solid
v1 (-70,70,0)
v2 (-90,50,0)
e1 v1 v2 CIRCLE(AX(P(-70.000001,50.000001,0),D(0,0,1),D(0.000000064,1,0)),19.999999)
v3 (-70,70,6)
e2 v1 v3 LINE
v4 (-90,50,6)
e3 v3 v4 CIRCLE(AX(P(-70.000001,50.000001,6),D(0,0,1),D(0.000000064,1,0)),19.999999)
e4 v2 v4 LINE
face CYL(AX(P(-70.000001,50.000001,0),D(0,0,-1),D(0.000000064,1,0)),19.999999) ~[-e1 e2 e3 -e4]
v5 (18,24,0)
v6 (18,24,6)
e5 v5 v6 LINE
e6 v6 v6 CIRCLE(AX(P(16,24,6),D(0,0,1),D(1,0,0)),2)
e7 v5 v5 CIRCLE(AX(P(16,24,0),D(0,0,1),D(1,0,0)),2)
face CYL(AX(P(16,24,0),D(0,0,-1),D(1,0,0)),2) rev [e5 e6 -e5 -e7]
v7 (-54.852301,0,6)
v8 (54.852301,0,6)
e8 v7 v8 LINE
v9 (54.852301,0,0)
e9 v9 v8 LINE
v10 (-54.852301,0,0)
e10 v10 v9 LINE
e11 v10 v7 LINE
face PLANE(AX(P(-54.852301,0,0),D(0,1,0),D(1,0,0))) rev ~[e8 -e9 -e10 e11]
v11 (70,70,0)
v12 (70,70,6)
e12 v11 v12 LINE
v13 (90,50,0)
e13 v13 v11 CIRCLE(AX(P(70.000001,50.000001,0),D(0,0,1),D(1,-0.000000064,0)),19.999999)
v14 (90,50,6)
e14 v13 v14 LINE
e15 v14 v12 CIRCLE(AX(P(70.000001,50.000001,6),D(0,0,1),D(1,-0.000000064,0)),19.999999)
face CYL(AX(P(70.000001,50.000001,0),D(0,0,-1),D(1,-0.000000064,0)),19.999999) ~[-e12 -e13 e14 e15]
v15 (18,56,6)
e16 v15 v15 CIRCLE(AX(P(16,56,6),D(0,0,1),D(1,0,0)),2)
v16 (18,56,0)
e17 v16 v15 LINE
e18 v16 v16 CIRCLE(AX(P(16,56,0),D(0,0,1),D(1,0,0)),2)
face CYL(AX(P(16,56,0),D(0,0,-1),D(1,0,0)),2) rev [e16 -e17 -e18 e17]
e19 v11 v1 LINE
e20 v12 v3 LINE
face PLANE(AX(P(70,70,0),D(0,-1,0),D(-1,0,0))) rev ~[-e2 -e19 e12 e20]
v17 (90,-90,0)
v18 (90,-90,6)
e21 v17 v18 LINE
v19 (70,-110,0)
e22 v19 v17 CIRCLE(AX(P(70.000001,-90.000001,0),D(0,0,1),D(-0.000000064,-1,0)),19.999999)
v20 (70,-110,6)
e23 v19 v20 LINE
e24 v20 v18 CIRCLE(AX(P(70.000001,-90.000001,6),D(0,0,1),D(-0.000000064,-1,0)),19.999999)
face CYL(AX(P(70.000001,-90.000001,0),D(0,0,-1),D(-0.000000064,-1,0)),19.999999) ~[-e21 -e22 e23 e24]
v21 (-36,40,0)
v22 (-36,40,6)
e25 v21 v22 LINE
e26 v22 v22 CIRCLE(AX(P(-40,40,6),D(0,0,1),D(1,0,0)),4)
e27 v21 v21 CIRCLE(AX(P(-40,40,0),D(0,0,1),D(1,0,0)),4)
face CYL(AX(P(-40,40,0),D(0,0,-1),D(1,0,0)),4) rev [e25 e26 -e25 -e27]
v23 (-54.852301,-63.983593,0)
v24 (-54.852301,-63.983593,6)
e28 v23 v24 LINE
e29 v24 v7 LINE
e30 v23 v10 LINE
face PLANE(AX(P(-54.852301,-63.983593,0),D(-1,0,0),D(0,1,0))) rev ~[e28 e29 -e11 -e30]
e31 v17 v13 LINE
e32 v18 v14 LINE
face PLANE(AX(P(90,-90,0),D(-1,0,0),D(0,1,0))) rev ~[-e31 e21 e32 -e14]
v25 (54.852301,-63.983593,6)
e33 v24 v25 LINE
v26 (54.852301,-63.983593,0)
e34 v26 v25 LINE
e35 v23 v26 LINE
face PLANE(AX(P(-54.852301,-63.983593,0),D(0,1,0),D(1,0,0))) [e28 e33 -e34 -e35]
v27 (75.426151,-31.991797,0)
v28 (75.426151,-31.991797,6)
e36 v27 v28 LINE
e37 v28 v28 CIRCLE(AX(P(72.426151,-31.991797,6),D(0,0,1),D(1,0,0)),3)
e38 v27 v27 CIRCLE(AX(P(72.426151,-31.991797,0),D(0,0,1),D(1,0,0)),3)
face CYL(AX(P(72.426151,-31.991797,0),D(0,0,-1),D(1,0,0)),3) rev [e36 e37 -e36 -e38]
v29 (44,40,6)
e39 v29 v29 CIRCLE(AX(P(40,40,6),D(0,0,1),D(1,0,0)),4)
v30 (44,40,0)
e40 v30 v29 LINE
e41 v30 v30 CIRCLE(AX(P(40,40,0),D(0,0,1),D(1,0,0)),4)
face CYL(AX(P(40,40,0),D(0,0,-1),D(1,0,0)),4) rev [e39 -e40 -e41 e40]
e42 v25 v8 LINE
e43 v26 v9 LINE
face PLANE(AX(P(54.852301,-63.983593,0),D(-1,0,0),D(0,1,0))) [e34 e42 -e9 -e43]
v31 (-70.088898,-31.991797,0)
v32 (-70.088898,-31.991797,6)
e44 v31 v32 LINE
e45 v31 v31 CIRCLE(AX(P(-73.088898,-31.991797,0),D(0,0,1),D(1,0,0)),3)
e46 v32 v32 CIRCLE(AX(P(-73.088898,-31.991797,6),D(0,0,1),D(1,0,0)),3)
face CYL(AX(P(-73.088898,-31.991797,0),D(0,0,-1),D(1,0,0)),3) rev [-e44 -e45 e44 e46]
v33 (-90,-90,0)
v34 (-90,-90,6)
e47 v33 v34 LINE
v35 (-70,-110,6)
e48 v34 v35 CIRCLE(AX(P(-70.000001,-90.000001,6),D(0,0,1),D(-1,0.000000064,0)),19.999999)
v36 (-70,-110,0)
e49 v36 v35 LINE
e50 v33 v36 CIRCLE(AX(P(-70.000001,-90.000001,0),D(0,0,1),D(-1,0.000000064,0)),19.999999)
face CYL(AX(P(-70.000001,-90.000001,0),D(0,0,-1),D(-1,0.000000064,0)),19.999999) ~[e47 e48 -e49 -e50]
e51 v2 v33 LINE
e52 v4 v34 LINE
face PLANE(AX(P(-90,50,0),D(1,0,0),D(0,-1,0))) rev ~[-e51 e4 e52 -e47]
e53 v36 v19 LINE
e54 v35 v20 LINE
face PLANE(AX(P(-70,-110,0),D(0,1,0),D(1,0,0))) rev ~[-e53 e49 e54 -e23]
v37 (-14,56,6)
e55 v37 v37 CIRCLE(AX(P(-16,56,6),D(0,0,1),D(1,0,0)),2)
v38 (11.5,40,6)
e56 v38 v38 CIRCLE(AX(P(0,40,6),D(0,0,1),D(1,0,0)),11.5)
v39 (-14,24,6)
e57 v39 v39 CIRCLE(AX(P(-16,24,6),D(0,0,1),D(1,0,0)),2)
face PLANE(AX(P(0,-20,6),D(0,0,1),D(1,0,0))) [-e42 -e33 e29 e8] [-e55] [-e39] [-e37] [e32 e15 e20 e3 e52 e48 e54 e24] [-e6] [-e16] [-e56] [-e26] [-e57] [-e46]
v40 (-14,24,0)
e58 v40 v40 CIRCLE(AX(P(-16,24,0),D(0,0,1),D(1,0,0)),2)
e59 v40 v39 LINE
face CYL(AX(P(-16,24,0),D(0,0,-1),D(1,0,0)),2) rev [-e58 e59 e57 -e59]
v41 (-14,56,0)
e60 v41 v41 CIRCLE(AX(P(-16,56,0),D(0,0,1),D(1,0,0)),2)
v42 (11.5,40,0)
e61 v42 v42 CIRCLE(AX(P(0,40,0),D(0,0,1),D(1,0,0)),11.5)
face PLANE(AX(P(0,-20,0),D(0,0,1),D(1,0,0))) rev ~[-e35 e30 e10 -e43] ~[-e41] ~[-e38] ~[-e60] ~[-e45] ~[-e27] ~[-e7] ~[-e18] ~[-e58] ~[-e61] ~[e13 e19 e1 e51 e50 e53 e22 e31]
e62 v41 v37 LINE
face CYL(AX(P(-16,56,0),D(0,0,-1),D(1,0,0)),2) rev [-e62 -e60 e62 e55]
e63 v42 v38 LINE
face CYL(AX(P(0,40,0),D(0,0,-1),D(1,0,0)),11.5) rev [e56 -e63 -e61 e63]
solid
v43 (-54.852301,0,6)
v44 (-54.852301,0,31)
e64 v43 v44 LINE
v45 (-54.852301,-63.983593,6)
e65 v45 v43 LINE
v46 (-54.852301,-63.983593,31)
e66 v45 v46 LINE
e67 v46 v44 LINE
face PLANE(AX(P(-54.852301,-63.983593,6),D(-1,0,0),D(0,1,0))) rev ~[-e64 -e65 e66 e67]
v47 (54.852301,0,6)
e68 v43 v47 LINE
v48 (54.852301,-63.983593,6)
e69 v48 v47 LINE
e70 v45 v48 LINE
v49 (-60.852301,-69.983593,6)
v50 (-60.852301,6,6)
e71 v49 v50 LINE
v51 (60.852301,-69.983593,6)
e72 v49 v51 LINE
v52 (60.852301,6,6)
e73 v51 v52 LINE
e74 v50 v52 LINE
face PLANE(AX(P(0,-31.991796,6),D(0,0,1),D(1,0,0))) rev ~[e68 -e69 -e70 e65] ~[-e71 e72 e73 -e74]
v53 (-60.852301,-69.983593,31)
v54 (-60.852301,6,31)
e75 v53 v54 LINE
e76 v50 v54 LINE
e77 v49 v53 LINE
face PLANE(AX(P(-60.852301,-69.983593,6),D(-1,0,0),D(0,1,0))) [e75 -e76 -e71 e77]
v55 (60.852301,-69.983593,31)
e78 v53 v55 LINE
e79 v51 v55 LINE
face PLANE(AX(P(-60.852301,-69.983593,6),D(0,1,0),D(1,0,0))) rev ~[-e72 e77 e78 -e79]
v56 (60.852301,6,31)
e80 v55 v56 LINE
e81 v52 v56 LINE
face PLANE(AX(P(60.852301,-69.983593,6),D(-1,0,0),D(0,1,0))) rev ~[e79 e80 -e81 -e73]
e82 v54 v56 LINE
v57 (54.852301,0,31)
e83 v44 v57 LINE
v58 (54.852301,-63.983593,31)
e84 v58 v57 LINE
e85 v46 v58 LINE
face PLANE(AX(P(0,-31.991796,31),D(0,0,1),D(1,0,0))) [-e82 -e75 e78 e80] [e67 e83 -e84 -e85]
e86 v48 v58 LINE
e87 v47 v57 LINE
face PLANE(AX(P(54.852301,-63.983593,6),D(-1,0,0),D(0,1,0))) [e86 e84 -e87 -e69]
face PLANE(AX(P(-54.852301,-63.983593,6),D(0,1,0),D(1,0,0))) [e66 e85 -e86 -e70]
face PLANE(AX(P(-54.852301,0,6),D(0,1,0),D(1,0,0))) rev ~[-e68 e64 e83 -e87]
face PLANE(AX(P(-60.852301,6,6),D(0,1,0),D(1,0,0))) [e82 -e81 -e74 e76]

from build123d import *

# Parameters (mm, degrees)
F0_R     = 3
F0_W     = 109.704602
F0_H     = 63.983593
F0_R_2   = 2
F0_R_3   = 4
F0_R_4   = 11.5
F1_DEPTH = 6
F2_W     = 121.704602
F2_H     = 75.983593
F2_W_2   = 109.704602
F2_H_2   = 63.983593
F3_DEPTH = 25


with BuildPart() as f1:
    # F0 (on Top) → F1 (new body)
    with BuildSketch(Plane.XY):
        with BuildLine():
            Line((70, 70), (-70, 70))
            ThreePointArc((-70, 70), (-84.142136, 64.142136), (-90, 50))
            Line((-90, 50), (-90, -90))
            ThreePointArc((-90, -90), (-84.142136, -104.142136), (-70, -110))
            Line((-70, -110), (70, -110))
            ThreePointArc((70, -110), (84.142136, -104.142136), (90, -90))
            Line((90, -90), (90, 50))
            ThreePointArc((90, 50), (84.142136, 64.142136), (70, 70))
        make_face()
        with Locations((-73.088898, -31.991797)):
            Circle(F0_R, mode=Mode.SUBTRACT)
        with Locations((0, -31.991796)):
            Rectangle(F0_W, F0_H, mode=Mode.SUBTRACT)
        with Locations((72.426151, -31.991797)):
            Circle(F0_R, mode=Mode.SUBTRACT)
        with Locations((-16, 24)):
            Circle(F0_R_2, mode=Mode.SUBTRACT)
        with Locations((-40, 40)):
            Circle(F0_R_3, mode=Mode.SUBTRACT)
        with Locations((-16, 56)):
            Circle(F0_R_2, mode=Mode.SUBTRACT)
        with Locations((16, 24)):
            Circle(F0_R_2, mode=Mode.SUBTRACT)
        with Locations((0, 40)):
            Circle(F0_R_4, mode=Mode.SUBTRACT)
        with Locations((40, 40)):
            Circle(F0_R_3, mode=Mode.SUBTRACT)
        with Locations((16, 56)):
            Circle(F0_R_2, mode=Mode.SUBTRACT)
    extrude(amount=F1_DEPTH)


with BuildPart() as f3:
    # F2 (on face) → F3 (new body)
    with BuildSketch(Plane.XY.offset(6)):
        with Locations((0, -31.991796)):
            Rectangle(F2_W, F2_H)
        with Locations((0, -31.991796)):
            Rectangle(F2_W_2, F2_H_2, mode=Mode.SUBTRACT)
    extrude(amount=F3_DEPTH)


solid = Compound([f1.part, f3.part])
